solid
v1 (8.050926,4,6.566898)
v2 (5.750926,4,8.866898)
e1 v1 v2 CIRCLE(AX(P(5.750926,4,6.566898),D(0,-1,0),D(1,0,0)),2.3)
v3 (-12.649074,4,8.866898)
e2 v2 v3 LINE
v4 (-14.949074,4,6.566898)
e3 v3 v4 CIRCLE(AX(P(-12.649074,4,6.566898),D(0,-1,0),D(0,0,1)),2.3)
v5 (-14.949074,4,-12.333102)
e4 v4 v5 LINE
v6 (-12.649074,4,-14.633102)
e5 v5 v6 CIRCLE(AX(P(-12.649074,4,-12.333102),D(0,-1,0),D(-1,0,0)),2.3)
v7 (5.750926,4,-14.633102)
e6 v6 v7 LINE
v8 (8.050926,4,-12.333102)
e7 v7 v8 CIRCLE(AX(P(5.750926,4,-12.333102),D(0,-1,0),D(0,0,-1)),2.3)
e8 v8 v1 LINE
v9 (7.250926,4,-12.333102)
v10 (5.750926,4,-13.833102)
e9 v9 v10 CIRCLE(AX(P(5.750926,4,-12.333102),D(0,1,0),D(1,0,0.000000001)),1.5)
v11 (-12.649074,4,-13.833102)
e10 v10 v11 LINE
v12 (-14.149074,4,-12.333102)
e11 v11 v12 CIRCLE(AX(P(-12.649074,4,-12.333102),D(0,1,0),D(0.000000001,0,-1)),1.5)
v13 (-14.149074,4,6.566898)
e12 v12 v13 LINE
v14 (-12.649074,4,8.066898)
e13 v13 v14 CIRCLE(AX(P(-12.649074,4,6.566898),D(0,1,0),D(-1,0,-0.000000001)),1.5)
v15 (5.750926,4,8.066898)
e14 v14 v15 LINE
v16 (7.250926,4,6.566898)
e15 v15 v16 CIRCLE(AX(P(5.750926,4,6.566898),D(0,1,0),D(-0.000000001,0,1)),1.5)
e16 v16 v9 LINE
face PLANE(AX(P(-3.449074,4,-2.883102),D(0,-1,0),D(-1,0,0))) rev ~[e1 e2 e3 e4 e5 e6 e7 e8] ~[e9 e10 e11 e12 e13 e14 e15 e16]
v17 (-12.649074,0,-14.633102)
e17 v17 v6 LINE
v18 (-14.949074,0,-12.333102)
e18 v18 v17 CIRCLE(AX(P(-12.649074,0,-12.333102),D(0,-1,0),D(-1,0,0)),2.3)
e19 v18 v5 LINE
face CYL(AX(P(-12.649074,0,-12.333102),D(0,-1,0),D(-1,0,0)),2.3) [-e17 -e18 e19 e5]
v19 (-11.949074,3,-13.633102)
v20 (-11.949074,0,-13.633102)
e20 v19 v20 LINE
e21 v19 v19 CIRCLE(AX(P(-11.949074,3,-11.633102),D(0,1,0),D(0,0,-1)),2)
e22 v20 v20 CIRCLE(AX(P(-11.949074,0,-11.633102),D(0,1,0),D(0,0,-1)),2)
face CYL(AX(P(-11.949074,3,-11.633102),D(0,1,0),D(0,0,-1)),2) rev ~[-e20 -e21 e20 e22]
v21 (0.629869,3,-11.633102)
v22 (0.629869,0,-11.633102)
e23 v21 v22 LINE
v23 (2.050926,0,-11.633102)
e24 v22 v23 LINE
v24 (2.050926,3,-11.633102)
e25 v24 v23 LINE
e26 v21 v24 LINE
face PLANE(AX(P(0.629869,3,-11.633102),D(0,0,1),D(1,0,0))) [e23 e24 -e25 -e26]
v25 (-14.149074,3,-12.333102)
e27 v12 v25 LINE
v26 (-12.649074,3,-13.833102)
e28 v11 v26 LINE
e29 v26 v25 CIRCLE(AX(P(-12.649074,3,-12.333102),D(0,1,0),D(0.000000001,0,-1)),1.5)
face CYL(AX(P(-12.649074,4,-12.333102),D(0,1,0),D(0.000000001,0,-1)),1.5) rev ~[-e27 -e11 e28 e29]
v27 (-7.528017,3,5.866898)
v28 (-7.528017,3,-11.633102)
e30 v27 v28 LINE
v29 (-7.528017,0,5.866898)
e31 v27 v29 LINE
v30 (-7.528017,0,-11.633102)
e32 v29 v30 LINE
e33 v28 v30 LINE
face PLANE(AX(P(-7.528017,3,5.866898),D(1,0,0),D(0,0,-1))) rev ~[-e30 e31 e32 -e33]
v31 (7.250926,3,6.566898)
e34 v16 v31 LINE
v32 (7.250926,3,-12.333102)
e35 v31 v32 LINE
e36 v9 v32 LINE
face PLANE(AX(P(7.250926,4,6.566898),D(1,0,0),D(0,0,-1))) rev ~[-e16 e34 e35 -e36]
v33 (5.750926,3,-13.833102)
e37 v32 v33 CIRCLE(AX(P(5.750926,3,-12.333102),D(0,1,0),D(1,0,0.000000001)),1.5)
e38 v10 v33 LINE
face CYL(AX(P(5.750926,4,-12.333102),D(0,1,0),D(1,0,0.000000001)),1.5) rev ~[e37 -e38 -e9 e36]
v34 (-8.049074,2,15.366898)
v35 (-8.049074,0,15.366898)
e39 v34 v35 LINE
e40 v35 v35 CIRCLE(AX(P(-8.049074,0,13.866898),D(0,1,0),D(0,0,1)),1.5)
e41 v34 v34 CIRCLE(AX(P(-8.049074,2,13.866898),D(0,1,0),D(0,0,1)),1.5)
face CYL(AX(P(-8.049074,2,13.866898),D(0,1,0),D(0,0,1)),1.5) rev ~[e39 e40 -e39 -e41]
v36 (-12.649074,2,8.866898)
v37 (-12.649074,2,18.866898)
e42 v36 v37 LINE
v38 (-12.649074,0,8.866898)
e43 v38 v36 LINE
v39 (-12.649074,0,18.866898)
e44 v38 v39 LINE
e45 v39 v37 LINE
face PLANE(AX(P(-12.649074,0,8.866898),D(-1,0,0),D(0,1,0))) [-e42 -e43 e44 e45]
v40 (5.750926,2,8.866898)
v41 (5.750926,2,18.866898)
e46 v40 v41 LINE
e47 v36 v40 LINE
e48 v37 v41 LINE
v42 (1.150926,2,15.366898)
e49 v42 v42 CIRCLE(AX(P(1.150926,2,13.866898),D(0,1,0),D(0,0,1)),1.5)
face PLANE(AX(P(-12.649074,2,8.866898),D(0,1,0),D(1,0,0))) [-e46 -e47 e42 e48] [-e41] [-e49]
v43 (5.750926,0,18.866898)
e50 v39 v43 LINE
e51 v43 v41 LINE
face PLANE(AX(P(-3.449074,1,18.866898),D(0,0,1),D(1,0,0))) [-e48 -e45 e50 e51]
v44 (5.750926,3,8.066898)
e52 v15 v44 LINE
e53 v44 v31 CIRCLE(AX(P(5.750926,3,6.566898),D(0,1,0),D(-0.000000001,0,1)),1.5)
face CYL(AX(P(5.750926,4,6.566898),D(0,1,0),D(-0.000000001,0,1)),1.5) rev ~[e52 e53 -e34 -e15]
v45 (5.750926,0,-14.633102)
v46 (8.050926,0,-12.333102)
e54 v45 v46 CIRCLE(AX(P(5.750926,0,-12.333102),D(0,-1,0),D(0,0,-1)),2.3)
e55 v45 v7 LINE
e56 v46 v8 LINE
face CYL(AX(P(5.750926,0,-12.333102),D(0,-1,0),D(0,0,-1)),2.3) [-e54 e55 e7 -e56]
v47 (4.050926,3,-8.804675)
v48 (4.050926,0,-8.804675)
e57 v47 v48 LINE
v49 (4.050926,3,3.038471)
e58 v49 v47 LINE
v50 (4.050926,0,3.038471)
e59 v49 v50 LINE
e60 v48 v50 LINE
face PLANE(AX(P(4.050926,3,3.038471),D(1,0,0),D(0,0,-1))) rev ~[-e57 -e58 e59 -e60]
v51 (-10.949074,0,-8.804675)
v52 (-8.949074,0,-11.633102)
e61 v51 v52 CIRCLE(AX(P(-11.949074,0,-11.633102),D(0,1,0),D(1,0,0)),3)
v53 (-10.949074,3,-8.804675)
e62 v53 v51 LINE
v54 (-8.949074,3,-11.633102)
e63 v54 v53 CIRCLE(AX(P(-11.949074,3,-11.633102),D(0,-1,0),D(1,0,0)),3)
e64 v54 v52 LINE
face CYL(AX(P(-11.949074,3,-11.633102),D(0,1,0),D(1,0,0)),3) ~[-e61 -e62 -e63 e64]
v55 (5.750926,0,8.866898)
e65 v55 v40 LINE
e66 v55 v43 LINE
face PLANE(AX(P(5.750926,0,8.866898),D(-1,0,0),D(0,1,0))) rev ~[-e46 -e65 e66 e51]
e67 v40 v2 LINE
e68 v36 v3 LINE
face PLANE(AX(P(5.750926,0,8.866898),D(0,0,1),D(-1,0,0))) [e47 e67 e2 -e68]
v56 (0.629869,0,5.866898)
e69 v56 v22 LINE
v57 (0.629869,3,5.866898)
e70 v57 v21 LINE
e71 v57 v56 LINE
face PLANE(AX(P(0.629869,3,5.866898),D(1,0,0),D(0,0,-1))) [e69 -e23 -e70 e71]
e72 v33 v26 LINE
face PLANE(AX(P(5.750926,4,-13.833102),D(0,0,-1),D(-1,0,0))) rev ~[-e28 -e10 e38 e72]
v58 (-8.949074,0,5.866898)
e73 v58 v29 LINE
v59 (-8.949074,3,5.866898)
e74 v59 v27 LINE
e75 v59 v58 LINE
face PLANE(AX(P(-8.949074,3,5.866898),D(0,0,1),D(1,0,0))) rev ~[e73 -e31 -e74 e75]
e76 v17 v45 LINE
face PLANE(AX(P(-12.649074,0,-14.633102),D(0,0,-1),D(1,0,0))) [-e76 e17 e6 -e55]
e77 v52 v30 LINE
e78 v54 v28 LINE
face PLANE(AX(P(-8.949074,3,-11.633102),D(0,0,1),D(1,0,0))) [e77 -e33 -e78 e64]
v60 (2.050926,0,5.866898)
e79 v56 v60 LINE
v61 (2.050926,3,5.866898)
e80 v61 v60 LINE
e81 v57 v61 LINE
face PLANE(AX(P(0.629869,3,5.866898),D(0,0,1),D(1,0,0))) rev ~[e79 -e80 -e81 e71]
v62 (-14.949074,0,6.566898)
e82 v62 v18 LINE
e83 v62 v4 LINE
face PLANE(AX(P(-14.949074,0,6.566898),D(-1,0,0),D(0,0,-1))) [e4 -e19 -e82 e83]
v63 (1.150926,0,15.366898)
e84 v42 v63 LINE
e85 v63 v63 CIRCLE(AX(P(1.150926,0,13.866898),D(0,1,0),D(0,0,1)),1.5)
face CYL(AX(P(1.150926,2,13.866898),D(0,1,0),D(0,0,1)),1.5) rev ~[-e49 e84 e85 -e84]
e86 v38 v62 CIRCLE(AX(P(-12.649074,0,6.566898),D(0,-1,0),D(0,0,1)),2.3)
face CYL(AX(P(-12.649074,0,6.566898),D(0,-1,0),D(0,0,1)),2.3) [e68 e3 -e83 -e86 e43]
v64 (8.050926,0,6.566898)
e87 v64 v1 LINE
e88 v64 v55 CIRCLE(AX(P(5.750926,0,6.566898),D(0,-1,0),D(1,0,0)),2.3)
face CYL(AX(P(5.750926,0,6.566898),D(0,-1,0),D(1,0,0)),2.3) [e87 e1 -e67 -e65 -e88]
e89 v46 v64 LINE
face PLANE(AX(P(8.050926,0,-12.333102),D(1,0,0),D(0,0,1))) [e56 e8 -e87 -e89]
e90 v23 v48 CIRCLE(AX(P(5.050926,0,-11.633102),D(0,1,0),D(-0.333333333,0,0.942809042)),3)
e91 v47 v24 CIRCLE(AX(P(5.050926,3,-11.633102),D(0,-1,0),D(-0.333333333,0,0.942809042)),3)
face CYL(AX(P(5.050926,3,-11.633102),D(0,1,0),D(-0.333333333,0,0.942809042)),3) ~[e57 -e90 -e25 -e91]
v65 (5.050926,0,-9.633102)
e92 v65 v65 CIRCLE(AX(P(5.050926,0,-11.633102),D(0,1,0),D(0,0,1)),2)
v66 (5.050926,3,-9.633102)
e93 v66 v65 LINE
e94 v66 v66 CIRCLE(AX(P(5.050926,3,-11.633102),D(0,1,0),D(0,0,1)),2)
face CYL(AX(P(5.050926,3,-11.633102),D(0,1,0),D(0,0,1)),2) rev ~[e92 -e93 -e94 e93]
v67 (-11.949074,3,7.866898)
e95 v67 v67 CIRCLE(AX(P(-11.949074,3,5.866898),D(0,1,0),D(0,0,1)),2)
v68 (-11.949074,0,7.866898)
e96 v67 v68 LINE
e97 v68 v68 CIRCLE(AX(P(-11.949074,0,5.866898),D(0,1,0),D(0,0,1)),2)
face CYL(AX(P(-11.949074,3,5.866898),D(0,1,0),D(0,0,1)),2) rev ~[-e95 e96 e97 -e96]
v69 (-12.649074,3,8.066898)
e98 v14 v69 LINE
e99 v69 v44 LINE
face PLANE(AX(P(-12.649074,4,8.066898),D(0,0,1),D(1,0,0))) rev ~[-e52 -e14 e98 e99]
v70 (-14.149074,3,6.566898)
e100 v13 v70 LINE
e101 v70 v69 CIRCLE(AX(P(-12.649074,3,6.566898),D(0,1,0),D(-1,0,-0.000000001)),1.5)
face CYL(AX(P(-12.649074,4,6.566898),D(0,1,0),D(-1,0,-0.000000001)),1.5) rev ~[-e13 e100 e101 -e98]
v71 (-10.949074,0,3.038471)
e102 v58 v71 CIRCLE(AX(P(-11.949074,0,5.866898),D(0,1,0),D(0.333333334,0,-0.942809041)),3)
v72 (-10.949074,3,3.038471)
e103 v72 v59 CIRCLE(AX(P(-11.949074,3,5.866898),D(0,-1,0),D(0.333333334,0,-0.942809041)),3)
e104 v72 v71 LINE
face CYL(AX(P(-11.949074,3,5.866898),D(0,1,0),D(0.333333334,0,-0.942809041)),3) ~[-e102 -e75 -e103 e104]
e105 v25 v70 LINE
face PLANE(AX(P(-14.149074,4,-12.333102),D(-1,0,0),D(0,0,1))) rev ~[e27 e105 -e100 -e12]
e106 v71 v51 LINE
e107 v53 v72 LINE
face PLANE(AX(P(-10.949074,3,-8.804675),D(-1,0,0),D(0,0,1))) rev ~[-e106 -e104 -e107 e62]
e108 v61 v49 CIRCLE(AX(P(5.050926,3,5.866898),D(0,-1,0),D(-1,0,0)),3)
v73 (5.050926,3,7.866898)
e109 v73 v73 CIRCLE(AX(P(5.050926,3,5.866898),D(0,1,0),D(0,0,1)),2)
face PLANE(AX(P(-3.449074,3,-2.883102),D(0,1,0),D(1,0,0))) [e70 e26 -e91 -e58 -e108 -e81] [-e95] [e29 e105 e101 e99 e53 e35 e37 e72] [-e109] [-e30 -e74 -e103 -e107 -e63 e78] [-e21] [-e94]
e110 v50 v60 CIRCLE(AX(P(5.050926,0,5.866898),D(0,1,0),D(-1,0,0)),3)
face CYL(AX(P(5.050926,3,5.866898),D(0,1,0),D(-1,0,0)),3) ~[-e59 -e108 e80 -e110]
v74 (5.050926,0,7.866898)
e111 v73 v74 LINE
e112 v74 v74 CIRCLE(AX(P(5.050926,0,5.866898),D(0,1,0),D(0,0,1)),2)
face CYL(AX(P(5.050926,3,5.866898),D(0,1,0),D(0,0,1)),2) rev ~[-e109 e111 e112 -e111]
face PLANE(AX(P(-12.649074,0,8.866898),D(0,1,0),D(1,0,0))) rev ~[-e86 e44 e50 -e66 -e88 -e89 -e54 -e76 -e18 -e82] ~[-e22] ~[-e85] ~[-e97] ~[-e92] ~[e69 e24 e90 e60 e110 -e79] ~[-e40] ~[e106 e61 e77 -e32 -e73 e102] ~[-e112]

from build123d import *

# Parameters (mm, degrees)
BOSS_EXTRUDE1_DEPTH = 4
CUT_EXTRUDE2_DEPTH  = 1
SKETCH5_R           = 2
CUT_EXTRUDE3_DEPTH  = 22.132971525
CUT_EXTRUDE4_DEPTH  = 22.132971525
SKETCH7_W           = 18.4
SKETCH7_H           = 2
BOSS_EXTRUDE2_DEPTH = 10
SKETCH8_R           = 1.5
CUT_EXTRUDE5_DEPTH  = 25.154392176
CUT_EXTRUDE6_DEPTH  = 1
SKETCH11_W          = 1.421057218
SKETCH11_H          = 17.5
CUT_EXTRUDE7_DEPTH  = 25.257672217


with BuildPart() as part:
    # Sketch1 → Boss-Extrude1 (new body)
    with BuildSketch(Plane(origin=(0, 0, 0), x_dir=(1, 0, 0), z_dir=(0, 1, 0))):
        with BuildLine():
            Line((-12.649074074, 14.633101852), (5.750925926, 14.633101852))
            ThreePointArc((5.750925926, 14.633101852), (7.377271523, 13.959447449), (8.050925926, 12.333101852))
            Line((8.050925926, 12.333101852), (8.050925926, -6.566898148))
            ThreePointArc((8.050925926, -6.566898148), (7.377271523, -8.193243745), (5.750925926, -8.866898148))
            Line((5.750925926, -8.866898148), (-12.649074074, -8.866898148))
            ThreePointArc((-12.649074074, -8.866898148), (-14.275419671, -8.193243745), (-14.949074074, -6.566898148))
            Line((-14.949074074, -6.566898148), (-14.949074074, 12.333101852))
            ThreePointArc((-14.949074074, 12.333101852), (-14.275419671, 13.959447449), (-12.649074074, 14.633101852))
        make_face()
    extrude(amount=BOSS_EXTRUDE1_DEPTH)

    # Sketch2 → Cut-Extrude2 (cut)
    with BuildSketch(Plane(origin=(0, 4, 0), x_dir=(1, 0, 0), z_dir=(0, 1, 0))):
        with BuildLine():
            Line((5.750925926, 13.633101852), (-12.649074074, 13.633101852))
            ThreePointArc((-12.649074074, 13.633101852), (-13.56831289, 13.252340667), (-13.949074074, 12.333101852))
            Line((-13.949074074, 12.333101852), (-13.949074074, -6.566898148))
            ThreePointArc((-13.949074074, -6.566898148), (-13.56831289, -7.486136964), (-12.649074074, -7.866898148))
            Line((-12.649074074, -7.866898148), (5.750925926, -7.866898148))
            ThreePointArc((5.750925926, -7.866898148), (6.670164741, -7.486136964), (7.050925926, -6.566898148))
            Line((7.050925926, -6.566898148), (7.050925926, 12.333101852))
            ThreePointArc((7.050925926, 12.333101852), (6.670164741, 13.252340667), (5.750925926, 13.633101852))
        make_face()
    extrude(amount=-CUT_EXTRUDE2_DEPTH, mode=Mode.SUBTRACT)

    # Sketch5 → Cut-Extrude3 (cut, through all)
    with BuildSketch(Plane(origin=(0, 3, 0), x_dir=(1, 0, 0), z_dir=(0, 1, 0))):
        with Locations(Location((5.050925926, 11.633101852, 0), (0, 0, 270))):
            Circle(SKETCH5_R)
        with Locations(Location((5.050925926, -5.866898148, 0), (0, 0, 270))):
            Circle(SKETCH5_R)
        with Locations(Location((-11.949074074, -5.866898148, 0), (0, 0, 270))):
            Circle(SKETCH5_R)
        with Locations(Location((-11.949074074, 11.633101852, 0), (0, 0, 90))):
            Circle(SKETCH5_R)
    extrude(amount=-CUT_EXTRUDE3_DEPTH, mode=Mode.SUBTRACT)

    # Sketch6 → Cut-Extrude4 (cut, through all)
    with BuildSketch(Plane(origin=(0, 3, 0), x_dir=(1, 0, 0), z_dir=(0, 1, 0))):
        with BuildLine():
            Line((4.050925926, -3.038471023), (4.050925926, 8.804674727))
            ThreePointArc((4.050925926, 8.804674727), (2.601436183, 9.901051044), (2.050925926, 11.633101852))
            Line((2.050925926, 11.633101852), (2.050925926, -5.866898148))
            ThreePointArc((2.050925926, -5.866898148), (2.601436183, -4.134847341), (4.050925926, -3.038471023))
        make_face()
        with BuildLine():
            Line((-10.949074074, 8.804674727), (-10.949074074, -3.038471023))
            ThreePointArc((-10.949074074, -3.038471023), (-9.499584331, -4.134847341), (-8.949074074, -5.866898148))
            Line((-8.949074074, -5.866898148), (-8.949074074, 11.633101852))
            ThreePointArc((-8.949074074, 11.633101852), (-9.499584331, 9.901051044), (-10.949074074, 8.804674727))
        make_face()
    extrude(amount=-CUT_EXTRUDE4_DEPTH, mode=Mode.SUBTRACT)

    # Sketch7 → Boss-Extrude2 (add)
    with BuildSketch(Plane.XY.offset(8.866898148)):
        with Locations((-3.449074074, 1)):
            Rectangle(SKETCH7_W, SKETCH7_H)
    extrude(amount=BOSS_EXTRUDE2_DEPTH)

    # Sketch8 → Cut-Extrude5 (cut, through all)
    with BuildSketch(Plane(origin=(0, 2, 0), x_dir=(1, 0, 0), z_dir=(0, 1, 0))):
        with Locations(Location((1.150925926, -13.866898148, 0), (0, 0, 270))):
            Circle(SKETCH8_R)
        with Locations(Location((-8.049074074, -13.866898148, 0), (0, 0, 270))):
            Circle(SKETCH8_R)
    extrude(amount=-CUT_EXTRUDE5_DEPTH, mode=Mode.SUBTRACT)

    # Sketch9 → Cut-Extrude6 (cut)
    with BuildSketch(Plane(origin=(0, 4, 0), x_dir=(1, 0, 0), z_dir=(0, 1, 0))):
        with BuildLine():
            Line((5.750925926, 13.833101852), (-12.649074074, 13.833101852))
            ThreePointArc((-12.649074074, 13.833101852), (-13.709734246, 13.393762024), (-14.149074074, 12.333101852))
            Line((-14.149074074, 12.333101852), (-14.149074074, -6.566898148))
            ThreePointArc((-14.149074074, -6.566898148), (-13.709734246, -7.62755832), (-12.649074074, -8.066898148))
            Line((-12.649074074, -8.066898148), (5.750925926, -8.066898148))
            ThreePointArc((5.750925926, -8.066898148), (6.811586098, -7.62755832), (7.250925926, -6.566898148))
            Line((7.250925926, -6.566898148), (7.250925926, 12.333101852))
            ThreePointArc((7.250925926, 12.333101852), (6.811586098, 13.393762024), (5.750925926, 13.833101852))
        make_face()
    extrude(amount=-CUT_EXTRUDE6_DEPTH, mode=Mode.SUBTRACT)

    # Sketch11 → Cut-Extrude7 (cut, through all)
    with BuildSketch(Plane(origin=(0, 3, 0), x_dir=(1, 0, 0), z_dir=(0, 1, 0))):
        with Locations((-8.238545465, 2.883101852)):
            Rectangle(SKETCH11_W, SKETCH11_H)
        with Locations((1.340397317, 2.883101852)):
            Rectangle(SKETCH11_W, SKETCH11_H)
    extrude(amount=-CUT_EXTRUDE7_DEPTH, mode=Mode.SUBTRACT)


solid = part.part
